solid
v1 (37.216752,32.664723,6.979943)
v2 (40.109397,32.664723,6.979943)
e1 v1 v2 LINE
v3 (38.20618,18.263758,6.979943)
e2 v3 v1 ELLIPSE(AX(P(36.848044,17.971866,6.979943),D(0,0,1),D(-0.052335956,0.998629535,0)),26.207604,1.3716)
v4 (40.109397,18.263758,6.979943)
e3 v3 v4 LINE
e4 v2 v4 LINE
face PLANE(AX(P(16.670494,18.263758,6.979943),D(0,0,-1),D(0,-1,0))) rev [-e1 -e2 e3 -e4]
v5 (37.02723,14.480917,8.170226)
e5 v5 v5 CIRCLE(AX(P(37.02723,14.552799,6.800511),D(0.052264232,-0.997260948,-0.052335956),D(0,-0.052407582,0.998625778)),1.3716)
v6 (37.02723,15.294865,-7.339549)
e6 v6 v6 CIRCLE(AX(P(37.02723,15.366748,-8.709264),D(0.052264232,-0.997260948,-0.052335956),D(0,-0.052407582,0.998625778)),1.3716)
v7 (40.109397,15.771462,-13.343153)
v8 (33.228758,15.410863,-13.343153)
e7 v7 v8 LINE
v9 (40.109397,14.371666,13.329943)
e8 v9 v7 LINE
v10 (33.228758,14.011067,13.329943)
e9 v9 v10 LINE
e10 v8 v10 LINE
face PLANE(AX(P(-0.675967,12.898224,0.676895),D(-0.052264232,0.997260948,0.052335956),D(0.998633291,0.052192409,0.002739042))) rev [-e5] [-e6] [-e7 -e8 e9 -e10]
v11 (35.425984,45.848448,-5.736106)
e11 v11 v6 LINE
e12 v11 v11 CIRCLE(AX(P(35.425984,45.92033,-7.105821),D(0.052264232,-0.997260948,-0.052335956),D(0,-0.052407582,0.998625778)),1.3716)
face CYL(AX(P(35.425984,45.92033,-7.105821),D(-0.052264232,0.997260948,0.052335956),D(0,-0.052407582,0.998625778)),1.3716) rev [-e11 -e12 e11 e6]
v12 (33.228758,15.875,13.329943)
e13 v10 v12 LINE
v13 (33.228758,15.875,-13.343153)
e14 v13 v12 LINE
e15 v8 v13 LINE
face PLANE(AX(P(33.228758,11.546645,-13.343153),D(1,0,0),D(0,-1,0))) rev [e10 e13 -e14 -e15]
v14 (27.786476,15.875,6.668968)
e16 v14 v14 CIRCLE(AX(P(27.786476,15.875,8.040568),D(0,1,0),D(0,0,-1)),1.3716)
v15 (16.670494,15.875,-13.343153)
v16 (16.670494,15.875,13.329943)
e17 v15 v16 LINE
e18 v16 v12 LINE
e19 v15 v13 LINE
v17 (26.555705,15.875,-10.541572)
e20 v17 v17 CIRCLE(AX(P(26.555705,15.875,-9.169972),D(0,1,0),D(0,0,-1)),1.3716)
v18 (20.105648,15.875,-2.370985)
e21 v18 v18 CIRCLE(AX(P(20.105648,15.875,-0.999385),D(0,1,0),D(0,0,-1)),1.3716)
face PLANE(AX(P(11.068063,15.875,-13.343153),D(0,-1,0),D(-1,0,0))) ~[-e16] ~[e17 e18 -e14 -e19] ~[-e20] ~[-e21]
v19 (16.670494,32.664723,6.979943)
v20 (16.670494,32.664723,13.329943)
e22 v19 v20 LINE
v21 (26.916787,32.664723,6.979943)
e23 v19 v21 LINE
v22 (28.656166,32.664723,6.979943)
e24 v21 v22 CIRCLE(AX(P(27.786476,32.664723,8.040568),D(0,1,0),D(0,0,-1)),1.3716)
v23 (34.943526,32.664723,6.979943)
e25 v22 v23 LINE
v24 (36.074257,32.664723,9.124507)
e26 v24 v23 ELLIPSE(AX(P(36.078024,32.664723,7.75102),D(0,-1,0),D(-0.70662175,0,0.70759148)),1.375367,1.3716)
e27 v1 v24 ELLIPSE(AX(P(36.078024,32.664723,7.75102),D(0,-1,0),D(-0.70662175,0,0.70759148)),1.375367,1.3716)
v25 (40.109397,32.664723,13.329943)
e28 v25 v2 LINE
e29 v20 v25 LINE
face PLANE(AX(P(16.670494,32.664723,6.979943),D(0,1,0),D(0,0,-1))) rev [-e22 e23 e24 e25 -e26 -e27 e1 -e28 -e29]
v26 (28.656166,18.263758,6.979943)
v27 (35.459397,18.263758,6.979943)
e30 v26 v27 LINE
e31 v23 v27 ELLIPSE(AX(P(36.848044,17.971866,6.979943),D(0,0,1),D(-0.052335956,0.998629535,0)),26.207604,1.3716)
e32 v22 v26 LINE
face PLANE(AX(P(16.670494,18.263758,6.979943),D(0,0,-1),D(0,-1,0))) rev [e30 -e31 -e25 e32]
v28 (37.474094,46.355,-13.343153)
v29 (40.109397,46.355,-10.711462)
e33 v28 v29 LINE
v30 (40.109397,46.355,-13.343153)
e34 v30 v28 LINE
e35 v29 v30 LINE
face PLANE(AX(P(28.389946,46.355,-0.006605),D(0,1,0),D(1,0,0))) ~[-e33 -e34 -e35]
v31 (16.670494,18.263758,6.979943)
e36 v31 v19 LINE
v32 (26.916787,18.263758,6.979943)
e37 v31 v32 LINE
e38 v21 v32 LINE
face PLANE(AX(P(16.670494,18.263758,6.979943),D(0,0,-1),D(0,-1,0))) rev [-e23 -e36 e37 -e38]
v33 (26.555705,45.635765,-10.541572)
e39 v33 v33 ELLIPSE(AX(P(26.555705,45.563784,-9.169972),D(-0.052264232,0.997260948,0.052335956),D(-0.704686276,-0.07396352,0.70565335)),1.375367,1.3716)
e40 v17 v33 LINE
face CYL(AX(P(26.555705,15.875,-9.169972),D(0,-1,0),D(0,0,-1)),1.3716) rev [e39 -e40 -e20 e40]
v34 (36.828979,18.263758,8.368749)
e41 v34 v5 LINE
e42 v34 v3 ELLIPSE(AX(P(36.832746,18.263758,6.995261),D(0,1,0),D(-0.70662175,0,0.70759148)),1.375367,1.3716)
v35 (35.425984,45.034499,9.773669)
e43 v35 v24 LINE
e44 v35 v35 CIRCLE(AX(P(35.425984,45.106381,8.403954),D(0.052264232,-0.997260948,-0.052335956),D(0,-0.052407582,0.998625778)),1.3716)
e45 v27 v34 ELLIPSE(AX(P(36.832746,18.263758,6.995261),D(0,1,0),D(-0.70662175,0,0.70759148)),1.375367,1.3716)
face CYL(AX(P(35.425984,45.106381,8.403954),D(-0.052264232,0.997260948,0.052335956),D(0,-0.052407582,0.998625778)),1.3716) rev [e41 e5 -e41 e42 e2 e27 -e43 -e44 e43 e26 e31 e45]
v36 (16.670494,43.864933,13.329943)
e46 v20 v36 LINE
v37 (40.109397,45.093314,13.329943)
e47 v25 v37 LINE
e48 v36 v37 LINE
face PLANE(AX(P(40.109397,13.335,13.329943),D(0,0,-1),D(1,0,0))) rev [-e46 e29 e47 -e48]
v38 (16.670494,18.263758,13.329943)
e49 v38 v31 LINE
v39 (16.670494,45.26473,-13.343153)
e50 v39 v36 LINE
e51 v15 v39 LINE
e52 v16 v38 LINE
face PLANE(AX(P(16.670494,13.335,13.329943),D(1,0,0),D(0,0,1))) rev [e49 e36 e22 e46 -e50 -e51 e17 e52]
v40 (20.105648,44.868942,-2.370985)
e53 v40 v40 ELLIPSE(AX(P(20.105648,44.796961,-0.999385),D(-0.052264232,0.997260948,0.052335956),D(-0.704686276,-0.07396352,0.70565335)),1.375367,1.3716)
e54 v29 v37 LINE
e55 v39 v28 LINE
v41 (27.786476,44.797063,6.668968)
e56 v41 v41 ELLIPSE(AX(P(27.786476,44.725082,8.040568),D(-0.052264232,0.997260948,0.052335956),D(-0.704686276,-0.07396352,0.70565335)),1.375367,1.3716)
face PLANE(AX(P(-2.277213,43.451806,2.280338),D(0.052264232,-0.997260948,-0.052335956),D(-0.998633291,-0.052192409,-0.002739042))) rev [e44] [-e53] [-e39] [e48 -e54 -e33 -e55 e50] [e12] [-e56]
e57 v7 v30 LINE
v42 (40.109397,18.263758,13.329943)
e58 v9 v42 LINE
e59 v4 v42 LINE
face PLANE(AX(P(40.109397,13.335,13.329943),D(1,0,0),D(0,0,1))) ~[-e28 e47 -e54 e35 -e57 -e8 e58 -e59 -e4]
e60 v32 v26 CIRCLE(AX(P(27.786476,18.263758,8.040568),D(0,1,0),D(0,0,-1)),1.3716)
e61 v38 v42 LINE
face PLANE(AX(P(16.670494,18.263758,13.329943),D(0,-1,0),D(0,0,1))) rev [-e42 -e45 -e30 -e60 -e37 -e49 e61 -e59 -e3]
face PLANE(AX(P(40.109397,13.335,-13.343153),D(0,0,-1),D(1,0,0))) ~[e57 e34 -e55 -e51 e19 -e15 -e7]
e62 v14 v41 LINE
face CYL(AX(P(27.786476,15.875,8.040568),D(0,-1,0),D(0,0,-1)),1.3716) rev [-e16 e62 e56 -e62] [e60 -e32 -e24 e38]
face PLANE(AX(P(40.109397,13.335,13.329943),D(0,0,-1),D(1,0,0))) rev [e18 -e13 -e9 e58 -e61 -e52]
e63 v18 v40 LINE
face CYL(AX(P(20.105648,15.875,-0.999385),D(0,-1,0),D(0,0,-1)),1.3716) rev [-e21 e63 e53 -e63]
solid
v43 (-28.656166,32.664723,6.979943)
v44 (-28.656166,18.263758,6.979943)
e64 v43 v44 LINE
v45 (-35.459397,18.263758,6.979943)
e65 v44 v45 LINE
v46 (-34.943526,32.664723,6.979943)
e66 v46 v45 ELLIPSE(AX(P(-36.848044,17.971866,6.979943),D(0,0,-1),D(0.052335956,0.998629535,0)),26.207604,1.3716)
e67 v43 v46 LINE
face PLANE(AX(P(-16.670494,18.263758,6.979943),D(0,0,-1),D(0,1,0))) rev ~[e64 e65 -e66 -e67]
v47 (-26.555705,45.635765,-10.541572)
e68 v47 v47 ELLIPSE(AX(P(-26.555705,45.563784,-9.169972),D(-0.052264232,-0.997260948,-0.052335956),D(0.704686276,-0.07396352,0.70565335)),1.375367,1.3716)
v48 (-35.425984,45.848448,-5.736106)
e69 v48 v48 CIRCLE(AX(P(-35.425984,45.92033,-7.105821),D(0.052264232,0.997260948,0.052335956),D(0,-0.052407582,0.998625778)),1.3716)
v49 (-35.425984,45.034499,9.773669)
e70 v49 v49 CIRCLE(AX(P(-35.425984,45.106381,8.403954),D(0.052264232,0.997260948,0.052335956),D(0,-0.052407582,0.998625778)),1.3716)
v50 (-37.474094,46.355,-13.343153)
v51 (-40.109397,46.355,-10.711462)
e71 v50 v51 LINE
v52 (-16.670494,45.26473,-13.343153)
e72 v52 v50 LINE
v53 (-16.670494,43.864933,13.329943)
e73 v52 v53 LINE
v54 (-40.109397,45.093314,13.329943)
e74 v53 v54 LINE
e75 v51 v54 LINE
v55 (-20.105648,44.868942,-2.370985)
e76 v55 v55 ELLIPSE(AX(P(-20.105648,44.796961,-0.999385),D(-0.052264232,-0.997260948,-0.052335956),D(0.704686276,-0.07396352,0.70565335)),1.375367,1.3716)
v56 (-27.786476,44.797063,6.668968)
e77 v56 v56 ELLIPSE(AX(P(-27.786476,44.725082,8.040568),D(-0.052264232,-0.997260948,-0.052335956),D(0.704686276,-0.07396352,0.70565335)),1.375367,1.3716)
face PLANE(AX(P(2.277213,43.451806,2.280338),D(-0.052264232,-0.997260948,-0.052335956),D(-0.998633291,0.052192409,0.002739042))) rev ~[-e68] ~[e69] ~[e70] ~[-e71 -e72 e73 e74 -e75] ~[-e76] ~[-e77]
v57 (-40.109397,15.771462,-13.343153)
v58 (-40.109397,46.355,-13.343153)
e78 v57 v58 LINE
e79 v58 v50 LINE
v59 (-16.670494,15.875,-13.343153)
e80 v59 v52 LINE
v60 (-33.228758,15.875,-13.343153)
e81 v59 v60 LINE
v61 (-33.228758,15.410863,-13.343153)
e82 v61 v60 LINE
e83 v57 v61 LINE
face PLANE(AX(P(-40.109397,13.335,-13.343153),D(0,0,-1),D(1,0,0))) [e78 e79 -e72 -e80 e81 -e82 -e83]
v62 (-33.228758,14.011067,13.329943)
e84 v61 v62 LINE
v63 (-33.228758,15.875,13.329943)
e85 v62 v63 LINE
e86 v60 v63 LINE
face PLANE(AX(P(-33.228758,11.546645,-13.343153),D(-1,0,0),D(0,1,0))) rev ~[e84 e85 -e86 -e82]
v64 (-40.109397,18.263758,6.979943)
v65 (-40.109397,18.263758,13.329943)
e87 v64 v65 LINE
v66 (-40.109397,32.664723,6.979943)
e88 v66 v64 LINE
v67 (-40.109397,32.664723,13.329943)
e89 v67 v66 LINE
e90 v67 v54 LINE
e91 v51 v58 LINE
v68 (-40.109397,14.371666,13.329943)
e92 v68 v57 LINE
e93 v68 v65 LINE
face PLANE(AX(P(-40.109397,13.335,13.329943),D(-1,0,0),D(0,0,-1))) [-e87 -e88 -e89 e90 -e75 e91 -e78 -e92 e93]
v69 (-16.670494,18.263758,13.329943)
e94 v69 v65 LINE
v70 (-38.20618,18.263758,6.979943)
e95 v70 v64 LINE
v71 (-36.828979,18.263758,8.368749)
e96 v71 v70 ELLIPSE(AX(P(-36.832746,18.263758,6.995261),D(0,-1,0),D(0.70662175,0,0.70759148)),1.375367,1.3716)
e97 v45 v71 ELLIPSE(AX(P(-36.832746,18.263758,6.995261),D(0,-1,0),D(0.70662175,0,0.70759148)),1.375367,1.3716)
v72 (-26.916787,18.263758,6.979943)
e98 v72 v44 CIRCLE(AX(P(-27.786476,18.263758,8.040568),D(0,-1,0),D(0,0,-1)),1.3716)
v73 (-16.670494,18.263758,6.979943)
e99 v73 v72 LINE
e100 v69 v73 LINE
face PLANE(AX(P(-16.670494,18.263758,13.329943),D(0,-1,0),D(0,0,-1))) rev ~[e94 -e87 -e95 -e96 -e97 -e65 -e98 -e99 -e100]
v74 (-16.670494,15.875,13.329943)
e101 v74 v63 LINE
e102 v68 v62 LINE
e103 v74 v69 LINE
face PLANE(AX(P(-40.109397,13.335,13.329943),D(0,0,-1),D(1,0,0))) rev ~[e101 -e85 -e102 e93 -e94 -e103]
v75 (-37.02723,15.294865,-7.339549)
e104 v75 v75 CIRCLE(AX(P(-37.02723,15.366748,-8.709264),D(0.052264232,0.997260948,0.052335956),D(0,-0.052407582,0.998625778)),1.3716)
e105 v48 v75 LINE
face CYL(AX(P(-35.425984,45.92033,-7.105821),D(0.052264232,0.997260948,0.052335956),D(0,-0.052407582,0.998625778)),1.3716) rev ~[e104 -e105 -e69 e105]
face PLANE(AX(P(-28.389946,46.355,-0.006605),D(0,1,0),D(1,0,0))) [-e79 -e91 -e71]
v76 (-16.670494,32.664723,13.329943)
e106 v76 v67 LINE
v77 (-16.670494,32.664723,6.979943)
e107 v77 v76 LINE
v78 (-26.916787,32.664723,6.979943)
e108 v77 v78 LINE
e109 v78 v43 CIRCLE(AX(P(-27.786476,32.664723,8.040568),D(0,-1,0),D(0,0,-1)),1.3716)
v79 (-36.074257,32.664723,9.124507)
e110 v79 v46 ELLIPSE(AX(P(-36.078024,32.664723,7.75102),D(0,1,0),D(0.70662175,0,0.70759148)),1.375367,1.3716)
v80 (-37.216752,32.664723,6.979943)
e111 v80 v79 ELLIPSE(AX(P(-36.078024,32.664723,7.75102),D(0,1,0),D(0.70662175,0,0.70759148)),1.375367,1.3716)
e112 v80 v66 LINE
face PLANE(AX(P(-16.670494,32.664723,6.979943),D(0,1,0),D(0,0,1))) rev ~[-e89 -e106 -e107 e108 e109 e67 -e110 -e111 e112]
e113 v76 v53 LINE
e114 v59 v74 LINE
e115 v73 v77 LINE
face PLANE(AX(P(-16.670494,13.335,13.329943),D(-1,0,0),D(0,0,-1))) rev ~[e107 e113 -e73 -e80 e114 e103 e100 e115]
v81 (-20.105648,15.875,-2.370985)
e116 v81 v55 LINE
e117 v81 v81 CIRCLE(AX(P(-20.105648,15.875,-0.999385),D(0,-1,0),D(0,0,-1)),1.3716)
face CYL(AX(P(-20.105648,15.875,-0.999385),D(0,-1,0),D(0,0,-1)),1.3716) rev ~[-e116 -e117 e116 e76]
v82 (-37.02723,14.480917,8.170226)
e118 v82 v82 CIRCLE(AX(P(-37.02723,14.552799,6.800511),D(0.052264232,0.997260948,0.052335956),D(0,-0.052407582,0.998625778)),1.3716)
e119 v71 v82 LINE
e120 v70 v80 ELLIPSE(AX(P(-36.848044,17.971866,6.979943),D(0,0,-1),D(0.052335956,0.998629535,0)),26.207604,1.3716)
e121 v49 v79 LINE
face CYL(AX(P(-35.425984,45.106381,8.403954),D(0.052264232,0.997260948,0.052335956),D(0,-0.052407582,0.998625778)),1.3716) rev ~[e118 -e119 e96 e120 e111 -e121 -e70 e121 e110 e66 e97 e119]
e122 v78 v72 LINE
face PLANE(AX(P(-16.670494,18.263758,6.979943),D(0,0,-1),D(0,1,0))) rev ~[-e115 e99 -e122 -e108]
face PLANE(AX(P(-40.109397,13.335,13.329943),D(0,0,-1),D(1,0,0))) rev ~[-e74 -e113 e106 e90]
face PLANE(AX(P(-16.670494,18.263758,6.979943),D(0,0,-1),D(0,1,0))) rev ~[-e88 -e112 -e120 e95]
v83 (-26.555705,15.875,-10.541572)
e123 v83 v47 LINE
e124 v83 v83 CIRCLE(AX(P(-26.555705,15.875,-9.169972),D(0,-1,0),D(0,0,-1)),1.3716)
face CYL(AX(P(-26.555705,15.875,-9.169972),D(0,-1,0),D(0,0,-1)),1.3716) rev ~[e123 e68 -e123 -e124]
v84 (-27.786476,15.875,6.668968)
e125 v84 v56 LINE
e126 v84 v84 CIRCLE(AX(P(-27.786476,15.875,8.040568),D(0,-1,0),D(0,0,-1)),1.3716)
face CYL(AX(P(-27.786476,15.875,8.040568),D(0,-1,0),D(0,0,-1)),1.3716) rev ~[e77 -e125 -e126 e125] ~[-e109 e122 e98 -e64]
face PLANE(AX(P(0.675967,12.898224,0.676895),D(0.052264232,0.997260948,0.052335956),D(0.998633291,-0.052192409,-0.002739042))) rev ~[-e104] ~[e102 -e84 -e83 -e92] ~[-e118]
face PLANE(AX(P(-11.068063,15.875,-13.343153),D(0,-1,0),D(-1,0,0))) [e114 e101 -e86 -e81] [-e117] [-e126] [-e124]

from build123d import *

# Parameters (mm, degrees)
BOSS_EXTRUDE1_START      = 13.335
SKETCH1_W                = 23.438902935
SKETCH1_H                = 26.673096393
BOSS_EXTRUDE1_DEPTH      = 33.02
SKETCH2_W                = 22.160694563
SKETCH2_H                = 4.328355372
CUT_EXTRUDE1_DEPTH       = 30.48
SKETCH3_R                = 1.3716
A_ARM_HOLES_DEPTH        = 54.921009736
STEERING_ARM_NOTCH_DEPTH = 30.48
SKETCH5_R                = 1.3716
ANCHOR_HOLES_DEPTH       = 30.48


with BuildPart() as part:
    # Sketch1 → Boss-Extrude1 (new body)
    with BuildSketch(Plane(origin=(0, 0, 0), x_dir=(1, 0, 0), z_dir=(0, 1, 0)).offset(BOSS_EXTRUDE1_START)):
        with Locations((-28.389945686, 0.006605288)):
            Rectangle(SKETCH1_W, SKETCH1_H)
    extrude(amount=BOSS_EXTRUDE1_DEPTH)

    # SurfaceCut1
    split(bisect_by=Plane(origin=(2.277212667, 43.451806158, 2.28033779), x_dir=(-0.9986332910992534, 0.05219240899906097, 0.00273904201295754), z_dir=(-0.052264231633823974, -0.9972609476841369, -0.0523359562429442)), keep=Keep.TOP)

    # SurfaceCut2
    split(bisect_by=Plane(origin=(0.67596727, 12.898223874, 0.676894931), x_dir=(0.9986332910992533, -0.05219240899906121, -0.002739042012957531), z_dir=(0.052264231633824224, 0.9972609476841369, 0.05233595624294378)), keep=Keep.TOP)

    # Sketch2 → Cut-Extrude1 (cut)
    with BuildSketch(Plane(origin=(0, 0, -13.343153485), x_dir=(-1, 0, 0), z_dir=(0, 0, -1))):
        with Locations((22.148410537, 13.710822314)):
            Rectangle(SKETCH2_W, SKETCH2_H)
    extrude(amount=-CUT_EXTRUDE1_DEPTH, mode=Mode.SUBTRACT)

    # Sketch3 → A-Arm Holes (cut, through all)
    with BuildSketch(Plane(origin=(2.277212667, 43.451806158, 2.28033779), x_dir=(0.9986332910992534, -0.052192408999060975, -0.0027390420129575405), z_dir=(0.05226423163382398, 0.9972609476841369, 0.0523359562429442))):
        with Locations(Location((-37.754796672, -6.028488857, 0), (0, 0, 270))):
            Circle(SKETCH3_R)
        with Locations(Location((-37.754796672, 9.502629761, 0), (0, 0, 270))):
            Circle(SKETCH3_R)
    extrude(amount=-A_ARM_HOLES_DEPTH, mode=Mode.SUBTRACT)

    # Sketch4 → Steering Arm Notch (cut)
    with BuildSketch(Plane(origin=(-16.670494218, 0, 0), x_dir=(0, 0, -1), z_dir=(1, 0, 0))):
        Polygon((-13.329942908, 18.263758385), (-6.979942908, 18.263758385), (-6.979942908, 32.664722656), (-13.329942908, 32.664722656), (-16.160324711, 30.773717369), (-16.160324711, 16.881221926), align=None)
    extrude(amount=-STEERING_ARM_NOTCH_DEPTH, mode=Mode.SUBTRACT)

    # Sketch5 → Anchor Holes (cut)
    with BuildSketch(Plane.XZ.offset(-15.875)):
        with Locations(Location((-26.555704526, -9.169971692, 0), (0, 0, 270))):
            Circle(SKETCH5_R)
        with Locations(Location((-27.786476371, 8.040568412, 0), (0, 0, 270))):
            Circle(SKETCH5_R)
        with Locations(Location((-20.105647723, -0.999384842, 0), (0, 0, 270))):
            Circle(SKETCH5_R)
    extrude(amount=-ANCHOR_HOLES_DEPTH, mode=Mode.SUBTRACT)


with BuildPart() as body_2:
    # Mirror3: mirrored copy
    add(part.part.mirror(Plane(origin=(0, 0, 0), x_dir=(0, 0, 1), z_dir=(1, 0, 0))))


solid = Compound([part.part, body_2.part])
